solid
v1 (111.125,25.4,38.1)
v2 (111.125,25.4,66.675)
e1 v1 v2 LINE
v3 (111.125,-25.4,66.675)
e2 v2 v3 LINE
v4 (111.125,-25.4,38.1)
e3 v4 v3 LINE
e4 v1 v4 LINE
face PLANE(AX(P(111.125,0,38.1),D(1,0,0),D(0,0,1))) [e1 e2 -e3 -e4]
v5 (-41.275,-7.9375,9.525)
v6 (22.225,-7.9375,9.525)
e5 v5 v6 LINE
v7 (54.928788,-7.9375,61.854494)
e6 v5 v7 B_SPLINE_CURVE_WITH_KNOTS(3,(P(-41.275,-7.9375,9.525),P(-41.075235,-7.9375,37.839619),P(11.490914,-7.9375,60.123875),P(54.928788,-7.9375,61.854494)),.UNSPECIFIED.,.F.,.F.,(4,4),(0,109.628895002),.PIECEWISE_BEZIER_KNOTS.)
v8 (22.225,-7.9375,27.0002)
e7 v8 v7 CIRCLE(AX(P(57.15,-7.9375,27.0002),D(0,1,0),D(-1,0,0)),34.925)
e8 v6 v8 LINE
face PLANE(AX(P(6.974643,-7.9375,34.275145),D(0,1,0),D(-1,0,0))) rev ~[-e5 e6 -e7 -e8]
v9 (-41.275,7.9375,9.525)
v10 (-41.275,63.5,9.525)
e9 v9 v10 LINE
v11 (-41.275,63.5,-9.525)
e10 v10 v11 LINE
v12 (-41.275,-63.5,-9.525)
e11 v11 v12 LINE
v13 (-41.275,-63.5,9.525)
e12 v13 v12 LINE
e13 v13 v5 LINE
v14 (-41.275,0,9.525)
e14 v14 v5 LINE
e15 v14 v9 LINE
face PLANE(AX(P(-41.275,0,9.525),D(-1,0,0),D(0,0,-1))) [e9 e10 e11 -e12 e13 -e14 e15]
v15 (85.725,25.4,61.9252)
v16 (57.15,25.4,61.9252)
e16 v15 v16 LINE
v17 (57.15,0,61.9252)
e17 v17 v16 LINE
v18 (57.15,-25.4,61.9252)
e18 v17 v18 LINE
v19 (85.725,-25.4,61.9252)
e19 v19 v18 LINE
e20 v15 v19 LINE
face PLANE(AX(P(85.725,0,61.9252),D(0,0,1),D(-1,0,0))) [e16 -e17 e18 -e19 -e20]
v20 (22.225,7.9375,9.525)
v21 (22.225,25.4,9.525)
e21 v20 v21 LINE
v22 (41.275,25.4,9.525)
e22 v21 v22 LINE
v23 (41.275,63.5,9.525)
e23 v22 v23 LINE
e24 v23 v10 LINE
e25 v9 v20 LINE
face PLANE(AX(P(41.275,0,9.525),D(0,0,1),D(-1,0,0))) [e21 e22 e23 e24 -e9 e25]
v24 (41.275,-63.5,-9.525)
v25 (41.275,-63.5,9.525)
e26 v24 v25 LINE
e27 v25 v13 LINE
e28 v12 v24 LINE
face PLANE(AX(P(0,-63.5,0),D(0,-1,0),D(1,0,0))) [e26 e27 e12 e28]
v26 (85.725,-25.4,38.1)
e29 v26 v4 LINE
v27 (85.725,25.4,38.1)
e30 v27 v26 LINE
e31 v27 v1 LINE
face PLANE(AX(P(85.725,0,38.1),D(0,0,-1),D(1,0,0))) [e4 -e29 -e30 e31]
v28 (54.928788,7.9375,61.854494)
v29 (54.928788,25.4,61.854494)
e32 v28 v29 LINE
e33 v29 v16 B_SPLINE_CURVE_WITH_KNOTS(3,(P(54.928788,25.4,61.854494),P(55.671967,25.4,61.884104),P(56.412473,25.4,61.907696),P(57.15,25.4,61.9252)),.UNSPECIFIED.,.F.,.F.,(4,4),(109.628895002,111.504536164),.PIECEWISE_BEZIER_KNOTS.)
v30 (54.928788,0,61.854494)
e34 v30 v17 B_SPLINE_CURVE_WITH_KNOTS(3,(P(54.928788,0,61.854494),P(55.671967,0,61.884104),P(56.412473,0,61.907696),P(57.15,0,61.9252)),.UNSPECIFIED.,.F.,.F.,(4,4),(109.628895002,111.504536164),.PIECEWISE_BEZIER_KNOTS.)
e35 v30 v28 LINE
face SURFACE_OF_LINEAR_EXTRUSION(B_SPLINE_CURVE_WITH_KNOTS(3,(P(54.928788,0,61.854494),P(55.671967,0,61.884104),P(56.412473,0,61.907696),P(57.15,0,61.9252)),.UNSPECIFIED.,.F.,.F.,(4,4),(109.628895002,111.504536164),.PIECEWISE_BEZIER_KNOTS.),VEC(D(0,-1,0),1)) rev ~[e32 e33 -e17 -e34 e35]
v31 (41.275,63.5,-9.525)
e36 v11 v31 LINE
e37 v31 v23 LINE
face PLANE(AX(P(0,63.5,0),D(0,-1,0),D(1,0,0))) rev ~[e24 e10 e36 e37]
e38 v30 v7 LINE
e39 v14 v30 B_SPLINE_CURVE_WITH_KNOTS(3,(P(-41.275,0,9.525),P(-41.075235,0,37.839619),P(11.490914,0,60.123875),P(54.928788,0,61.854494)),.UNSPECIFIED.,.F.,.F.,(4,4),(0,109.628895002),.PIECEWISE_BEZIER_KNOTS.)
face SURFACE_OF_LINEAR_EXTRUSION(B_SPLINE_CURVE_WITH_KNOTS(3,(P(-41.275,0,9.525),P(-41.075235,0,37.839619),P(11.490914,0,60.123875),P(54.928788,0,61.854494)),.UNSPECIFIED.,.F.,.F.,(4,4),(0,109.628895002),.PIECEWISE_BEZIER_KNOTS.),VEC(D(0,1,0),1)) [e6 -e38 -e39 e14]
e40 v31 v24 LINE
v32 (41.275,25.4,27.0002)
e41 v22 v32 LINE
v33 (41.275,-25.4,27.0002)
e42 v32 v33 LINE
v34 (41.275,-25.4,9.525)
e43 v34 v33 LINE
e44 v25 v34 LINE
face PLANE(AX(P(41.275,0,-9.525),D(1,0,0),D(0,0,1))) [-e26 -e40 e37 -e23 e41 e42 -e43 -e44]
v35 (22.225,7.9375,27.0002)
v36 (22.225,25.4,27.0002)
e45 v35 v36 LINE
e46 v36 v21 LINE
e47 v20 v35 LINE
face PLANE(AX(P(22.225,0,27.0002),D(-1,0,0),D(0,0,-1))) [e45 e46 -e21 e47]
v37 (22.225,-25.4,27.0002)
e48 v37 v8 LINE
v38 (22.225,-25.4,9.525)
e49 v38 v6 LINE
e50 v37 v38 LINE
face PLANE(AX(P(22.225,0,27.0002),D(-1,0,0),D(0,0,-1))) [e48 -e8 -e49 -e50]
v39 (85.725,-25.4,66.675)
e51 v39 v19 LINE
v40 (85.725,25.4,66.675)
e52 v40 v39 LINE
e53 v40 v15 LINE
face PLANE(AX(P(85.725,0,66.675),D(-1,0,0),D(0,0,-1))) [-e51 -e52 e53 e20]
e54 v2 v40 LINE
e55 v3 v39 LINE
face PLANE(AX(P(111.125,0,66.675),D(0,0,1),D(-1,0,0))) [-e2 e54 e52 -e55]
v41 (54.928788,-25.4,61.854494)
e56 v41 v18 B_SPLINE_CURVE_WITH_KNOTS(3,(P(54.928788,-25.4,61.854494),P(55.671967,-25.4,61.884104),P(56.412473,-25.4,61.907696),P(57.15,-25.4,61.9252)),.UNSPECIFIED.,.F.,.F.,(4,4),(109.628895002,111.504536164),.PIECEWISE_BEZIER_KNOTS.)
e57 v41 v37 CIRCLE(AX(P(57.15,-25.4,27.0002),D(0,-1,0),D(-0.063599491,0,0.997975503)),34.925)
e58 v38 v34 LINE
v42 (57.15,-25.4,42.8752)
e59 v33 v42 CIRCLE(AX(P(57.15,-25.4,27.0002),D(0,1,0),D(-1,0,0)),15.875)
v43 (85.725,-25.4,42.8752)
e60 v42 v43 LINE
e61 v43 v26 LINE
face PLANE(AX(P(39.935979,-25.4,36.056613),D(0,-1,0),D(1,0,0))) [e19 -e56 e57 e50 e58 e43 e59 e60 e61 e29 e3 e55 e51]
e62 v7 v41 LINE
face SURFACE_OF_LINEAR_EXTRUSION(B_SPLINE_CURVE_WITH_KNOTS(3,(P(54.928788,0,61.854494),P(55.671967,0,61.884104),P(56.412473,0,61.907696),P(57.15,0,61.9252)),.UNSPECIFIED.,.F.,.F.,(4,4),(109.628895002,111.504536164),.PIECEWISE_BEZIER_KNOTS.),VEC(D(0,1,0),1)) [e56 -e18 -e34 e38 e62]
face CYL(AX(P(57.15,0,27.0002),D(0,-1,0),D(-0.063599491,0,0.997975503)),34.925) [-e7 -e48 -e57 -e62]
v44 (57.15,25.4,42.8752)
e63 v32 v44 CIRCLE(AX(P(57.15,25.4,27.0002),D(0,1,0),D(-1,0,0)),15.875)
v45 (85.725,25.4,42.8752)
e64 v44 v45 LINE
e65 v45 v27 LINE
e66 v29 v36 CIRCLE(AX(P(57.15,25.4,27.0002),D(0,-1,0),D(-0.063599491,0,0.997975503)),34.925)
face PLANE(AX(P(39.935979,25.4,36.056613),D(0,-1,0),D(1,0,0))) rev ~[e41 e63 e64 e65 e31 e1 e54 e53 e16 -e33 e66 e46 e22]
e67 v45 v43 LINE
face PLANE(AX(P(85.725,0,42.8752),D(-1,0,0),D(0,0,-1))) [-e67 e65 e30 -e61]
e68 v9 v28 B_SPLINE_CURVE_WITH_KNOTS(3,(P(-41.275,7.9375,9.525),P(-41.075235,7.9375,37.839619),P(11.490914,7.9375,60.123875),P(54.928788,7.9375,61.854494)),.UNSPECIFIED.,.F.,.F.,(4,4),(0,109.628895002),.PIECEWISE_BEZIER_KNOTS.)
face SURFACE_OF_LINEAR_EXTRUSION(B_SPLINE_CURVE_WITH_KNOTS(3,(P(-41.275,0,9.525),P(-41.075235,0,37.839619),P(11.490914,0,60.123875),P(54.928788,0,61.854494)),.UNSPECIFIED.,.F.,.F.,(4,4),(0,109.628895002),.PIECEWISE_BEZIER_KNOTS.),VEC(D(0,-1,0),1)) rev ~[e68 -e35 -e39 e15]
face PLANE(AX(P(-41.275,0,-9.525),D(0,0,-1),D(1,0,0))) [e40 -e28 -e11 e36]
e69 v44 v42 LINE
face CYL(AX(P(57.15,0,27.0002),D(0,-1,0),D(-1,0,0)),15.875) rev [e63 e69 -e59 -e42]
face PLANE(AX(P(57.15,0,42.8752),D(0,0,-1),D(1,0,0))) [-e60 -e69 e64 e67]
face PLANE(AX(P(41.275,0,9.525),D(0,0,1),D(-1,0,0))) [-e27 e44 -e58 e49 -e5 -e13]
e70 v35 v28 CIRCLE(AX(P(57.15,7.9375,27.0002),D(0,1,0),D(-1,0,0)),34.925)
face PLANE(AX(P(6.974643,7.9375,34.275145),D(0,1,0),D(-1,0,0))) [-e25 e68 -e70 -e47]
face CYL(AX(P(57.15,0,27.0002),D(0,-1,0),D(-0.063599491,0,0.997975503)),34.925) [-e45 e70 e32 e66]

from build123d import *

# Parameters (mm, degrees)
F1_DEPTH = 63.5
F0_W     = 25.4
F0_H     = 19.05
F2_DEPTH = 25.4
F3_DEPTH = 7.9375


with BuildPart() as f1:
    # F0 (on Front) → F1 (new body, symmetric)
    with BuildSketch(Plane.XZ):
        Polygon((-41.275, 9.525), (-41.275, -9.525), (41.275, -9.525), (41.275, 9.525), (22.225, 9.525), align=None)
    extrude(amount=F1_DEPTH, both=True)

    # F0 (on Front) → F2 (join, symmetric)
    with BuildSketch(Plane.XZ):
        with BuildLine():
            Line((22.225, 9.525), (41.275, 9.525))
            Line((41.275, 9.525), (41.275, 27.0002))
            ThreePointArc((41.275, 27.0002), (45.9246798487, 38.2255201513), (57.15, 42.8752))
            Line((57.15, 42.8752), (60.325, 42.8752))
            Line((60.325, 42.8752), (60.325, 61.9252))
            Line((60.325, 61.9252), (57.15, 61.9252))
            add(Edge.make_bspline(
                [(54.9287877913, 61.8544944459), (55.6719665289, 61.8841036278), (56.4124732559, 61.9076963905), (57.15, 61.9252)],
                knots=[109.6288950018, 109.6288950018, 109.6288950018, 109.6288950018, 111.5045361635, 111.5045361635, 111.5045361635, 111.5045361635], degree=3))
            ThreePointArc((54.9287877913, 61.8544944459), (31.6810830483, 50.8976871965), (22.225, 27.0002))
            Line((22.225, 27.0002), (22.225, 9.525))
        make_face()
        with Locations((73.025, 52.4002)):
            Rectangle(F0_W, F0_H)
        Polygon((85.725, 66.675), (85.725, 61.9252), (85.725, 42.8752), (85.725, 38.1), (111.125, 38.1), (111.125, 66.675), align=None)
    extrude(amount=F2_DEPTH, both=True)

    # F0 (on Front) → F3 (join, symmetric)
    with BuildSketch(Plane.XZ):
        with BuildLine():
            add(Edge.make_bspline(
                [(-41.275, 9.525), (-41.075235058, 37.8396194046), (11.490914143, 60.123874562), (54.9287877913, 61.8544944459)],
                knots=[0, 0, 0, 0, 109.6288950018, 109.6288950018, 109.6288950018, 109.6288950018], degree=3))
            Line((-41.275, 9.525), (22.225, 9.525))
            Line((22.225, 9.525), (22.225, 27.0002))
            ThreePointArc((22.225, 27.0002), (31.6810830483, 50.8976871965), (54.9287877913, 61.8544944459))
        make_face()
    extrude(amount=F3_DEPTH, both=True)


solid = f1.part
